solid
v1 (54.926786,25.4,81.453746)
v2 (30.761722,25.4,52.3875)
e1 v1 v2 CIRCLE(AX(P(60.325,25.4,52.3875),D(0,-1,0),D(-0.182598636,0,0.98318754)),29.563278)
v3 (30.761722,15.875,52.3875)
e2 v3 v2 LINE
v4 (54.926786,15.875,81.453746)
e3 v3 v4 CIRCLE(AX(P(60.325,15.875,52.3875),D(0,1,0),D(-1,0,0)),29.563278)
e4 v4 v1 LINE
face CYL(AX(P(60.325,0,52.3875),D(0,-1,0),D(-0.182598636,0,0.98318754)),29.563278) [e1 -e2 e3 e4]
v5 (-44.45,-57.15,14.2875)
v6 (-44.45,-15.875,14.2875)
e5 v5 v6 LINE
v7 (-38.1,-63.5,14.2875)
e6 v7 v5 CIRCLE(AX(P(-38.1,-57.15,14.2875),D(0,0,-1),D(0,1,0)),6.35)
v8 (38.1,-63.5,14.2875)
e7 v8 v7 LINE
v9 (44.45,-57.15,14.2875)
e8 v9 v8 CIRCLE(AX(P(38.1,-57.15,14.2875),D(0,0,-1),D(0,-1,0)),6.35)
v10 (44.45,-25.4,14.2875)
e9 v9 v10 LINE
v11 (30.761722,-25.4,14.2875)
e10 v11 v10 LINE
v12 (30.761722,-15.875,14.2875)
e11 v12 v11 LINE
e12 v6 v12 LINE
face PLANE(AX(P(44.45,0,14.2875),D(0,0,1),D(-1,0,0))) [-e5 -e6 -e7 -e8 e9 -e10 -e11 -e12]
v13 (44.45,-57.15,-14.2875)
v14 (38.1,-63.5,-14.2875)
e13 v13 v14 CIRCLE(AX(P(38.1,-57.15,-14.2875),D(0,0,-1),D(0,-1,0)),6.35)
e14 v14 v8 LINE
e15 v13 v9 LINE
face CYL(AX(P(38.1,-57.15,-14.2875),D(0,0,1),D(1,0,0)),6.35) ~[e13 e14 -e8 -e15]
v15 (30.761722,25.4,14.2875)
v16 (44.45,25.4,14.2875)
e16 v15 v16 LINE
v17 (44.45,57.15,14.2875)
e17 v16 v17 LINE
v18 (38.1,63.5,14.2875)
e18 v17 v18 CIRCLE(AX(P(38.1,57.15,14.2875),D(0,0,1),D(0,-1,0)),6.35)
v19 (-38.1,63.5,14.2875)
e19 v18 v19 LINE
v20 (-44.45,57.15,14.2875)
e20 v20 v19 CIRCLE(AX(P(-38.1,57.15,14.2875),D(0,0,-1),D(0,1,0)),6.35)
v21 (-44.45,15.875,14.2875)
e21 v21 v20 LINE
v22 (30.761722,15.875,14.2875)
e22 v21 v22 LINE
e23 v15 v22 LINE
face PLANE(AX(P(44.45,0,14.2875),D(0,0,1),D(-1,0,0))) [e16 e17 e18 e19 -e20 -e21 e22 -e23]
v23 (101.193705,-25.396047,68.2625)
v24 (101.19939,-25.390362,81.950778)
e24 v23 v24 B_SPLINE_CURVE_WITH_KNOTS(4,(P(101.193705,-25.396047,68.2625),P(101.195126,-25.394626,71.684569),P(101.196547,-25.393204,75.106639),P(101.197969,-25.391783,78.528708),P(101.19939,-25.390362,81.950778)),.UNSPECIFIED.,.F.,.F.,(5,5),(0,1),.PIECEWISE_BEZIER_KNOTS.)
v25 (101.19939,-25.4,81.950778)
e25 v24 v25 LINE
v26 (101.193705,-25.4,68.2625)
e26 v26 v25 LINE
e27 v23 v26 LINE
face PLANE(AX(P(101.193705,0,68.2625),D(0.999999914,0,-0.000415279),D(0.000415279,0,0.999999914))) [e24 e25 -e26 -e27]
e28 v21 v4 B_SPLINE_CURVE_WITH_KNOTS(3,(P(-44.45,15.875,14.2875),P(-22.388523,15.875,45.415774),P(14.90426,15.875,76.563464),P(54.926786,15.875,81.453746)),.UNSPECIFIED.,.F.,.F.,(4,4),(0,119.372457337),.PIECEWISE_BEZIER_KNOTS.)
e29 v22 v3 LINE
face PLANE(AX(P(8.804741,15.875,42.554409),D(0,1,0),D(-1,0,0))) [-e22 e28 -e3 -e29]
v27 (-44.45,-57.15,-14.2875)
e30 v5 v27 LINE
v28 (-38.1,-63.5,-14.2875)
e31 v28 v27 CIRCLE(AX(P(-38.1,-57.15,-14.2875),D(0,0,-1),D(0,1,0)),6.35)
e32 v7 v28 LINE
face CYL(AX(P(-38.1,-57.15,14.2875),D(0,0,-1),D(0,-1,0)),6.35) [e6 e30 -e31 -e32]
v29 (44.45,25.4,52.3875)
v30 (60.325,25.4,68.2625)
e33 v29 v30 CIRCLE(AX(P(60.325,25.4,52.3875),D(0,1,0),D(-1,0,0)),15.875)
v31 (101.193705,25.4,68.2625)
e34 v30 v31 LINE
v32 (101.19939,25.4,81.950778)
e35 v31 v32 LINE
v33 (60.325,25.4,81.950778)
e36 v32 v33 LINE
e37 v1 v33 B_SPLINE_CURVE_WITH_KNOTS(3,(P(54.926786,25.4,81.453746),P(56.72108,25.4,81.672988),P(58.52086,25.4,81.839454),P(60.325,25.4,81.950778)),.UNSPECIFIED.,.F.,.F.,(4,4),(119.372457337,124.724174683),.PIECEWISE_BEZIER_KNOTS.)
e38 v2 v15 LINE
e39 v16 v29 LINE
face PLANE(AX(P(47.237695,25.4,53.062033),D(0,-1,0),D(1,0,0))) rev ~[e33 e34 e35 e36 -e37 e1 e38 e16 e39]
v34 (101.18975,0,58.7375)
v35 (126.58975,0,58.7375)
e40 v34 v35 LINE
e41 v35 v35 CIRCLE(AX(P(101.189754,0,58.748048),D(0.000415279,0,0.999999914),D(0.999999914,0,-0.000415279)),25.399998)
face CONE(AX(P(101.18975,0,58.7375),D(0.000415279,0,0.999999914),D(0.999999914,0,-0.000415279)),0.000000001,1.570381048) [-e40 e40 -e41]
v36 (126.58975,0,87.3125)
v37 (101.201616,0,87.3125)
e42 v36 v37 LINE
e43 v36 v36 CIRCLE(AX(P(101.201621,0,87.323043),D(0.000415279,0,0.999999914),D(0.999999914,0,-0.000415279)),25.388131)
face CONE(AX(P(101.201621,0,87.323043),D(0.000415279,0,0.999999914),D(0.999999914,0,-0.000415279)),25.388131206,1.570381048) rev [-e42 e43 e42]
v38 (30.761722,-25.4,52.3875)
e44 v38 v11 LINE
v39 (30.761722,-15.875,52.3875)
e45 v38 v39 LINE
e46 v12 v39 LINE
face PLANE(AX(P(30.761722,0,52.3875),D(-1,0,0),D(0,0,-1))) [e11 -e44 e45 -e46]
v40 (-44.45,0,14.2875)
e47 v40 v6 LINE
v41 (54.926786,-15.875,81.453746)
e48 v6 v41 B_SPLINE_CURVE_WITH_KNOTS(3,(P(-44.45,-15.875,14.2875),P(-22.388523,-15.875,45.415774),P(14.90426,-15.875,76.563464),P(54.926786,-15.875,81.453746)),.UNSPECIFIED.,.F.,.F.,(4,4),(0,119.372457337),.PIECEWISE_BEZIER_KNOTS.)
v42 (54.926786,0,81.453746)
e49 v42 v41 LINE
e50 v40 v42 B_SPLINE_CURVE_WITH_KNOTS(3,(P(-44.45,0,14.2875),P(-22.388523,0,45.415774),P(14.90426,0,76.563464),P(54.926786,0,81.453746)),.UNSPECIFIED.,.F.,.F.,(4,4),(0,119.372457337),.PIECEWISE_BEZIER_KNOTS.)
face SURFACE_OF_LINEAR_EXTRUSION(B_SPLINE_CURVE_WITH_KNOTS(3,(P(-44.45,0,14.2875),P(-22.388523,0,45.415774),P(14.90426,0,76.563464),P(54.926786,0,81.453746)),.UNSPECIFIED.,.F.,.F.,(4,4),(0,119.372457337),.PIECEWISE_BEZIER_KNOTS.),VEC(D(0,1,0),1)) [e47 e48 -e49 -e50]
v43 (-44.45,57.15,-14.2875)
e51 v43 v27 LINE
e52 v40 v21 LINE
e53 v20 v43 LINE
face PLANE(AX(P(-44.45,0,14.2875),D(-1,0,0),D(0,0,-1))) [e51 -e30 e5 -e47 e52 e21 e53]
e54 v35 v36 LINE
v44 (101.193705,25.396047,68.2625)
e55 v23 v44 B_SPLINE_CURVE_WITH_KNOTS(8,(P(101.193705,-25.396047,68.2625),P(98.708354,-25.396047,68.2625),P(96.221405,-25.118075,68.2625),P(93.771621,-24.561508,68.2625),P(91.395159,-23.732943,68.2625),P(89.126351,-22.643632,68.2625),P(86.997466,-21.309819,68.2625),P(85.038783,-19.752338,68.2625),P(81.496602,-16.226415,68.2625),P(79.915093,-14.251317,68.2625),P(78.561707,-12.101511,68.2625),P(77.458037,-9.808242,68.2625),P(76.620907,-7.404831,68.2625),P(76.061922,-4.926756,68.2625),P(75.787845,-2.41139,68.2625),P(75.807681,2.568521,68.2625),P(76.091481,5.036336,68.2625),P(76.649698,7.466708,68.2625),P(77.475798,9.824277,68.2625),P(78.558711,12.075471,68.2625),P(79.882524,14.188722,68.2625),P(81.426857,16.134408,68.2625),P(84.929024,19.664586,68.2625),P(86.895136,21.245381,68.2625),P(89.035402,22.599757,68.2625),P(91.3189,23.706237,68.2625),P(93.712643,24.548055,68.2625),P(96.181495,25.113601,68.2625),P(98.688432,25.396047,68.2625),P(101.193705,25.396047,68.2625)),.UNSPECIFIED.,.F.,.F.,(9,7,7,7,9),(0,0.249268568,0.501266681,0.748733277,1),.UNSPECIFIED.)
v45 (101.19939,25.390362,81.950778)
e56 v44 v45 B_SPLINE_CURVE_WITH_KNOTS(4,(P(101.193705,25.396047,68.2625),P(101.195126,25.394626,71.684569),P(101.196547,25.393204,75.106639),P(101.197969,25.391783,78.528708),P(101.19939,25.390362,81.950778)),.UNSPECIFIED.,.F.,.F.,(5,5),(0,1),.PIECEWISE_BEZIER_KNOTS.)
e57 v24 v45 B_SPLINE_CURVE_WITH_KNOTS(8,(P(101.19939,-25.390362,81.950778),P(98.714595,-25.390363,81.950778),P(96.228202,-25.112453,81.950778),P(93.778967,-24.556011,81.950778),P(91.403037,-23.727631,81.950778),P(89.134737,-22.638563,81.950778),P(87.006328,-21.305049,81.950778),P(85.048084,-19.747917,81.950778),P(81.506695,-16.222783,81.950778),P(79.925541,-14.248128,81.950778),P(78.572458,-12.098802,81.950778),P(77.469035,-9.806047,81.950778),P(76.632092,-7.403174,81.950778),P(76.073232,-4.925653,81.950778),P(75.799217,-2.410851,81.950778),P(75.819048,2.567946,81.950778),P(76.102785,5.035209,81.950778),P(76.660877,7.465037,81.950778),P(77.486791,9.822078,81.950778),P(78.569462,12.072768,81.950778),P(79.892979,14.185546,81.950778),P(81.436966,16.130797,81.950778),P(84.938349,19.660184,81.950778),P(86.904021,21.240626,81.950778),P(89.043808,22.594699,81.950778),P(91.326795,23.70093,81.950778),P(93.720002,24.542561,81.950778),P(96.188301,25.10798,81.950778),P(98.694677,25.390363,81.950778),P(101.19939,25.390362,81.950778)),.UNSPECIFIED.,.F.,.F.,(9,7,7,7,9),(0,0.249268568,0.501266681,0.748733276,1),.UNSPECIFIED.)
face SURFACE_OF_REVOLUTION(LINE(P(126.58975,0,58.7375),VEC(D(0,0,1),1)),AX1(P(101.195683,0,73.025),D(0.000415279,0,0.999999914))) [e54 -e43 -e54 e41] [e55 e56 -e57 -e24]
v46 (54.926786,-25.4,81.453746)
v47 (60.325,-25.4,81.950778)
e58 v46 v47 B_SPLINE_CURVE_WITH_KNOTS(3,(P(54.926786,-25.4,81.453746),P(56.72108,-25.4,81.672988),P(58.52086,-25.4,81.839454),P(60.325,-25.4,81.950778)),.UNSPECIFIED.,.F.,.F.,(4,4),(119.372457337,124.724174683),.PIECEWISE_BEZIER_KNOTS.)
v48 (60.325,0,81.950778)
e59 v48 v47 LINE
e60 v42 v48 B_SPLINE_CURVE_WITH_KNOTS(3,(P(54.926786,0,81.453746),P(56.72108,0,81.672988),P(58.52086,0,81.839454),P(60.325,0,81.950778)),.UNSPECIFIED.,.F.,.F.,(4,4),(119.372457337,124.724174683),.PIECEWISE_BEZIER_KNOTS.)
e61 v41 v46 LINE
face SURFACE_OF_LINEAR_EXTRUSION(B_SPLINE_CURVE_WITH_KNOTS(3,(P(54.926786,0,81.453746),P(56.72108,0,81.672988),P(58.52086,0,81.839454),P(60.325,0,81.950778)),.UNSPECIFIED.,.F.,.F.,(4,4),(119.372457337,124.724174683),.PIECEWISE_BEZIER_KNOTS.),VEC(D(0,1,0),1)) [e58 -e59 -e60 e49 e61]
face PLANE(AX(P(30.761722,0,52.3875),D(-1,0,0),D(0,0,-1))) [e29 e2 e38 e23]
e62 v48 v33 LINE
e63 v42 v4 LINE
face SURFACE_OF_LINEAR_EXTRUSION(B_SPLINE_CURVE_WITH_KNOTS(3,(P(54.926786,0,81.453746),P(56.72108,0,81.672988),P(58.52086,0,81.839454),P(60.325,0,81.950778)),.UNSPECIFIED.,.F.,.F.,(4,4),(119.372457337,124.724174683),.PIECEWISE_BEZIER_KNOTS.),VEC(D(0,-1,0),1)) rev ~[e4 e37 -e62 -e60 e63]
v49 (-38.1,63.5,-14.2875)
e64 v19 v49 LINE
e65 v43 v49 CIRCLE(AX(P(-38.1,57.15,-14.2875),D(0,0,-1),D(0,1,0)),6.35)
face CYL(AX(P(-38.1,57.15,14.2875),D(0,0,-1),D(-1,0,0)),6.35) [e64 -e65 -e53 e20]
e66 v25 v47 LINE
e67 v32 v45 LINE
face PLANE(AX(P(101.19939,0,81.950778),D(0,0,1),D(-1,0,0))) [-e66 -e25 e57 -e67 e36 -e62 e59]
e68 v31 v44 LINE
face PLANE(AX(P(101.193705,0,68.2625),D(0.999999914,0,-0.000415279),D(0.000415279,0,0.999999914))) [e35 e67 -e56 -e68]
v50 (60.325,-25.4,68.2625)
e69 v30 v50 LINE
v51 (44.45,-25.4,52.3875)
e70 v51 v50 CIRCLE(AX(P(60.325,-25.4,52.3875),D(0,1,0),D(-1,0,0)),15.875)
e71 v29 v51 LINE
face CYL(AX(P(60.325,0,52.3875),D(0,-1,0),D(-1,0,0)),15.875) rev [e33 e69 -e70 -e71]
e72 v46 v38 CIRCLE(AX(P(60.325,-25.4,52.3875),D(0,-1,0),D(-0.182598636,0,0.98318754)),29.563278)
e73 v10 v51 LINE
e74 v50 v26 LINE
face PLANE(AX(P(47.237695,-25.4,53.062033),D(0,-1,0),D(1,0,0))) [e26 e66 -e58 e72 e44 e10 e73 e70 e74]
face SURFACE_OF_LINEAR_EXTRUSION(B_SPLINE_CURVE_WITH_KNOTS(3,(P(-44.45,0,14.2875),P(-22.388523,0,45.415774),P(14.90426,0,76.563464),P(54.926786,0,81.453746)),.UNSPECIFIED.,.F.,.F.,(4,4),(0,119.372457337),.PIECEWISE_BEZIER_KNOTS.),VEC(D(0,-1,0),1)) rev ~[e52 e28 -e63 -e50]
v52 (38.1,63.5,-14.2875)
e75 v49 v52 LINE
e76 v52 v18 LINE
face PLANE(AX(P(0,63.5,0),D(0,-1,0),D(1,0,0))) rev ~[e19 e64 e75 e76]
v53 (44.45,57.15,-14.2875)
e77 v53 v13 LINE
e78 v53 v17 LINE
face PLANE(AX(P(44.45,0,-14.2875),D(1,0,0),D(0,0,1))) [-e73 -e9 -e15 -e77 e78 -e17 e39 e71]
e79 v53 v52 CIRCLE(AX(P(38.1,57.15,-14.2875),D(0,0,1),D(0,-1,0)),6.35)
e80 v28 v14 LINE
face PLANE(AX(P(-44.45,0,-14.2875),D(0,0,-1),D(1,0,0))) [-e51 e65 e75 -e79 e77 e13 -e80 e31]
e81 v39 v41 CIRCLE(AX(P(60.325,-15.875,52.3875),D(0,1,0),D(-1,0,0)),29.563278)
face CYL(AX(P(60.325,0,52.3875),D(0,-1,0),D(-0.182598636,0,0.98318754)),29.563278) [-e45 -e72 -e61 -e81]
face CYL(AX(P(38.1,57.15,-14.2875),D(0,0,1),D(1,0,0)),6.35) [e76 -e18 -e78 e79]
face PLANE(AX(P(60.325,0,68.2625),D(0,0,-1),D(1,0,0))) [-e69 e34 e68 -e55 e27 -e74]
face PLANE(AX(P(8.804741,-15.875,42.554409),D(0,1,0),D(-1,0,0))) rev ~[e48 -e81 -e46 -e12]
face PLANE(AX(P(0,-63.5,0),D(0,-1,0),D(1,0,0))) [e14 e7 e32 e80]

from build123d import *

# Parameters (mm, degrees)
F1_DEPTH = 63.5
F2_DEPTH = 25.4
F3_DEPTH = 15.875
F5_R     = 6.35


with BuildPart() as f1:
    # F0 (on Front) → F1 (new body, symmetric)
    with BuildSketch(Plane.XZ):
        Polygon((30.7617224753, 14.2875), (-44.45, 14.2875), (-44.45, -14.2875), (44.45, -14.2875), (44.45, 14.2875), align=None)
    extrude(amount=F1_DEPTH, both=True)

    # F0 (on Front) → F2 (join, symmetric)
    with BuildSketch(Plane.XZ):
        with BuildLine():
            Line((30.7617224753, 52.3875), (30.7617224753, 14.2875))
            Line((30.7617224753, 14.2875), (44.45, 14.2875))
            Line((44.45, 14.2875), (44.45, 52.3875))
            ThreePointArc((44.45, 52.3875), (49.0996798487, 63.6128201513), (60.325, 68.2625))
            Line((60.325, 68.2625), (75.7897496223, 68.2625))
            Line((75.7897496223, 68.2625), (75.7897496223, 81.9507775247))
            Line((75.7897496223, 81.9507775247), (60.325, 81.9507775247))
            add(Edge.make_bspline(
                [(54.9267858452, 81.4537460931), (56.7210795093, 81.6729876967), (58.5208597277, 81.8394540981), (60.325, 81.9507775247)],
                knots=[119.3724573368, 119.3724573368, 119.3724573368, 119.3724573368, 124.7241746831, 124.7241746831, 124.7241746831, 124.7241746831], degree=3))
            ThreePointArc((54.9267858452, 81.4537460931), (37.5920252585, 71.2872152731), (30.7617224753, 52.3875))
        make_face()
        Polygon((101.1993896154, 81.9507775247), (75.7897496223, 81.9507775247), (75.7897496223, 68.2625), (101.1937051574, 68.2625), align=None)
    extrude(amount=F2_DEPTH, both=True)

    # F0 (on Front) → F3 (join, symmetric)
    with BuildSketch(Plane.XZ):
        with BuildLine():
            add(Edge.make_bspline(
                [(-44.45, 14.2875), (-22.3885229669, 45.4157741444), (14.904260364, 76.5634637243), (54.9267858452, 81.4537460931)],
                knots=[0, 0, 0, 0, 119.3724573368, 119.3724573368, 119.3724573368, 119.3724573368], degree=3))
            Line((-44.45, 14.2875), (30.7617224753, 14.2875))
            Line((30.7617224753, 14.2875), (30.7617224753, 52.3875))
            ThreePointArc((30.7617224753, 52.3875), (37.5920252585, 71.2872152731), (54.9267858452, 81.4537460931))
        make_face()
    extrude(amount=F3_DEPTH, both=True)

    # F0 (on Front) → F4 (revolve)
    with BuildSketch(Plane.XZ):
        Polygon((101.2016162276, 87.3125), (101.1993896154, 81.9507775247), (101.1937051574, 68.2625), (101.1897496223, 58.7375), (126.5897496223, 58.7375), (126.5897496223, 87.3125), align=None)
    revolve(axis=Axis((101.195682925, 0, 73.025), (0.0004152792, 0, 0.9999999138)))

    # F5
    f5_edges = [f1.edges().sort_by_distance(p)[0] for p in [
        (-44.45, 63.5, 0),
        (-44.45, -63.5, 0),
        (44.45, 63.5, 0),
        (44.45, -63.5, 0),
    ]]
    fillet(f5_edges, radius=F5_R)


solid = f1.part
